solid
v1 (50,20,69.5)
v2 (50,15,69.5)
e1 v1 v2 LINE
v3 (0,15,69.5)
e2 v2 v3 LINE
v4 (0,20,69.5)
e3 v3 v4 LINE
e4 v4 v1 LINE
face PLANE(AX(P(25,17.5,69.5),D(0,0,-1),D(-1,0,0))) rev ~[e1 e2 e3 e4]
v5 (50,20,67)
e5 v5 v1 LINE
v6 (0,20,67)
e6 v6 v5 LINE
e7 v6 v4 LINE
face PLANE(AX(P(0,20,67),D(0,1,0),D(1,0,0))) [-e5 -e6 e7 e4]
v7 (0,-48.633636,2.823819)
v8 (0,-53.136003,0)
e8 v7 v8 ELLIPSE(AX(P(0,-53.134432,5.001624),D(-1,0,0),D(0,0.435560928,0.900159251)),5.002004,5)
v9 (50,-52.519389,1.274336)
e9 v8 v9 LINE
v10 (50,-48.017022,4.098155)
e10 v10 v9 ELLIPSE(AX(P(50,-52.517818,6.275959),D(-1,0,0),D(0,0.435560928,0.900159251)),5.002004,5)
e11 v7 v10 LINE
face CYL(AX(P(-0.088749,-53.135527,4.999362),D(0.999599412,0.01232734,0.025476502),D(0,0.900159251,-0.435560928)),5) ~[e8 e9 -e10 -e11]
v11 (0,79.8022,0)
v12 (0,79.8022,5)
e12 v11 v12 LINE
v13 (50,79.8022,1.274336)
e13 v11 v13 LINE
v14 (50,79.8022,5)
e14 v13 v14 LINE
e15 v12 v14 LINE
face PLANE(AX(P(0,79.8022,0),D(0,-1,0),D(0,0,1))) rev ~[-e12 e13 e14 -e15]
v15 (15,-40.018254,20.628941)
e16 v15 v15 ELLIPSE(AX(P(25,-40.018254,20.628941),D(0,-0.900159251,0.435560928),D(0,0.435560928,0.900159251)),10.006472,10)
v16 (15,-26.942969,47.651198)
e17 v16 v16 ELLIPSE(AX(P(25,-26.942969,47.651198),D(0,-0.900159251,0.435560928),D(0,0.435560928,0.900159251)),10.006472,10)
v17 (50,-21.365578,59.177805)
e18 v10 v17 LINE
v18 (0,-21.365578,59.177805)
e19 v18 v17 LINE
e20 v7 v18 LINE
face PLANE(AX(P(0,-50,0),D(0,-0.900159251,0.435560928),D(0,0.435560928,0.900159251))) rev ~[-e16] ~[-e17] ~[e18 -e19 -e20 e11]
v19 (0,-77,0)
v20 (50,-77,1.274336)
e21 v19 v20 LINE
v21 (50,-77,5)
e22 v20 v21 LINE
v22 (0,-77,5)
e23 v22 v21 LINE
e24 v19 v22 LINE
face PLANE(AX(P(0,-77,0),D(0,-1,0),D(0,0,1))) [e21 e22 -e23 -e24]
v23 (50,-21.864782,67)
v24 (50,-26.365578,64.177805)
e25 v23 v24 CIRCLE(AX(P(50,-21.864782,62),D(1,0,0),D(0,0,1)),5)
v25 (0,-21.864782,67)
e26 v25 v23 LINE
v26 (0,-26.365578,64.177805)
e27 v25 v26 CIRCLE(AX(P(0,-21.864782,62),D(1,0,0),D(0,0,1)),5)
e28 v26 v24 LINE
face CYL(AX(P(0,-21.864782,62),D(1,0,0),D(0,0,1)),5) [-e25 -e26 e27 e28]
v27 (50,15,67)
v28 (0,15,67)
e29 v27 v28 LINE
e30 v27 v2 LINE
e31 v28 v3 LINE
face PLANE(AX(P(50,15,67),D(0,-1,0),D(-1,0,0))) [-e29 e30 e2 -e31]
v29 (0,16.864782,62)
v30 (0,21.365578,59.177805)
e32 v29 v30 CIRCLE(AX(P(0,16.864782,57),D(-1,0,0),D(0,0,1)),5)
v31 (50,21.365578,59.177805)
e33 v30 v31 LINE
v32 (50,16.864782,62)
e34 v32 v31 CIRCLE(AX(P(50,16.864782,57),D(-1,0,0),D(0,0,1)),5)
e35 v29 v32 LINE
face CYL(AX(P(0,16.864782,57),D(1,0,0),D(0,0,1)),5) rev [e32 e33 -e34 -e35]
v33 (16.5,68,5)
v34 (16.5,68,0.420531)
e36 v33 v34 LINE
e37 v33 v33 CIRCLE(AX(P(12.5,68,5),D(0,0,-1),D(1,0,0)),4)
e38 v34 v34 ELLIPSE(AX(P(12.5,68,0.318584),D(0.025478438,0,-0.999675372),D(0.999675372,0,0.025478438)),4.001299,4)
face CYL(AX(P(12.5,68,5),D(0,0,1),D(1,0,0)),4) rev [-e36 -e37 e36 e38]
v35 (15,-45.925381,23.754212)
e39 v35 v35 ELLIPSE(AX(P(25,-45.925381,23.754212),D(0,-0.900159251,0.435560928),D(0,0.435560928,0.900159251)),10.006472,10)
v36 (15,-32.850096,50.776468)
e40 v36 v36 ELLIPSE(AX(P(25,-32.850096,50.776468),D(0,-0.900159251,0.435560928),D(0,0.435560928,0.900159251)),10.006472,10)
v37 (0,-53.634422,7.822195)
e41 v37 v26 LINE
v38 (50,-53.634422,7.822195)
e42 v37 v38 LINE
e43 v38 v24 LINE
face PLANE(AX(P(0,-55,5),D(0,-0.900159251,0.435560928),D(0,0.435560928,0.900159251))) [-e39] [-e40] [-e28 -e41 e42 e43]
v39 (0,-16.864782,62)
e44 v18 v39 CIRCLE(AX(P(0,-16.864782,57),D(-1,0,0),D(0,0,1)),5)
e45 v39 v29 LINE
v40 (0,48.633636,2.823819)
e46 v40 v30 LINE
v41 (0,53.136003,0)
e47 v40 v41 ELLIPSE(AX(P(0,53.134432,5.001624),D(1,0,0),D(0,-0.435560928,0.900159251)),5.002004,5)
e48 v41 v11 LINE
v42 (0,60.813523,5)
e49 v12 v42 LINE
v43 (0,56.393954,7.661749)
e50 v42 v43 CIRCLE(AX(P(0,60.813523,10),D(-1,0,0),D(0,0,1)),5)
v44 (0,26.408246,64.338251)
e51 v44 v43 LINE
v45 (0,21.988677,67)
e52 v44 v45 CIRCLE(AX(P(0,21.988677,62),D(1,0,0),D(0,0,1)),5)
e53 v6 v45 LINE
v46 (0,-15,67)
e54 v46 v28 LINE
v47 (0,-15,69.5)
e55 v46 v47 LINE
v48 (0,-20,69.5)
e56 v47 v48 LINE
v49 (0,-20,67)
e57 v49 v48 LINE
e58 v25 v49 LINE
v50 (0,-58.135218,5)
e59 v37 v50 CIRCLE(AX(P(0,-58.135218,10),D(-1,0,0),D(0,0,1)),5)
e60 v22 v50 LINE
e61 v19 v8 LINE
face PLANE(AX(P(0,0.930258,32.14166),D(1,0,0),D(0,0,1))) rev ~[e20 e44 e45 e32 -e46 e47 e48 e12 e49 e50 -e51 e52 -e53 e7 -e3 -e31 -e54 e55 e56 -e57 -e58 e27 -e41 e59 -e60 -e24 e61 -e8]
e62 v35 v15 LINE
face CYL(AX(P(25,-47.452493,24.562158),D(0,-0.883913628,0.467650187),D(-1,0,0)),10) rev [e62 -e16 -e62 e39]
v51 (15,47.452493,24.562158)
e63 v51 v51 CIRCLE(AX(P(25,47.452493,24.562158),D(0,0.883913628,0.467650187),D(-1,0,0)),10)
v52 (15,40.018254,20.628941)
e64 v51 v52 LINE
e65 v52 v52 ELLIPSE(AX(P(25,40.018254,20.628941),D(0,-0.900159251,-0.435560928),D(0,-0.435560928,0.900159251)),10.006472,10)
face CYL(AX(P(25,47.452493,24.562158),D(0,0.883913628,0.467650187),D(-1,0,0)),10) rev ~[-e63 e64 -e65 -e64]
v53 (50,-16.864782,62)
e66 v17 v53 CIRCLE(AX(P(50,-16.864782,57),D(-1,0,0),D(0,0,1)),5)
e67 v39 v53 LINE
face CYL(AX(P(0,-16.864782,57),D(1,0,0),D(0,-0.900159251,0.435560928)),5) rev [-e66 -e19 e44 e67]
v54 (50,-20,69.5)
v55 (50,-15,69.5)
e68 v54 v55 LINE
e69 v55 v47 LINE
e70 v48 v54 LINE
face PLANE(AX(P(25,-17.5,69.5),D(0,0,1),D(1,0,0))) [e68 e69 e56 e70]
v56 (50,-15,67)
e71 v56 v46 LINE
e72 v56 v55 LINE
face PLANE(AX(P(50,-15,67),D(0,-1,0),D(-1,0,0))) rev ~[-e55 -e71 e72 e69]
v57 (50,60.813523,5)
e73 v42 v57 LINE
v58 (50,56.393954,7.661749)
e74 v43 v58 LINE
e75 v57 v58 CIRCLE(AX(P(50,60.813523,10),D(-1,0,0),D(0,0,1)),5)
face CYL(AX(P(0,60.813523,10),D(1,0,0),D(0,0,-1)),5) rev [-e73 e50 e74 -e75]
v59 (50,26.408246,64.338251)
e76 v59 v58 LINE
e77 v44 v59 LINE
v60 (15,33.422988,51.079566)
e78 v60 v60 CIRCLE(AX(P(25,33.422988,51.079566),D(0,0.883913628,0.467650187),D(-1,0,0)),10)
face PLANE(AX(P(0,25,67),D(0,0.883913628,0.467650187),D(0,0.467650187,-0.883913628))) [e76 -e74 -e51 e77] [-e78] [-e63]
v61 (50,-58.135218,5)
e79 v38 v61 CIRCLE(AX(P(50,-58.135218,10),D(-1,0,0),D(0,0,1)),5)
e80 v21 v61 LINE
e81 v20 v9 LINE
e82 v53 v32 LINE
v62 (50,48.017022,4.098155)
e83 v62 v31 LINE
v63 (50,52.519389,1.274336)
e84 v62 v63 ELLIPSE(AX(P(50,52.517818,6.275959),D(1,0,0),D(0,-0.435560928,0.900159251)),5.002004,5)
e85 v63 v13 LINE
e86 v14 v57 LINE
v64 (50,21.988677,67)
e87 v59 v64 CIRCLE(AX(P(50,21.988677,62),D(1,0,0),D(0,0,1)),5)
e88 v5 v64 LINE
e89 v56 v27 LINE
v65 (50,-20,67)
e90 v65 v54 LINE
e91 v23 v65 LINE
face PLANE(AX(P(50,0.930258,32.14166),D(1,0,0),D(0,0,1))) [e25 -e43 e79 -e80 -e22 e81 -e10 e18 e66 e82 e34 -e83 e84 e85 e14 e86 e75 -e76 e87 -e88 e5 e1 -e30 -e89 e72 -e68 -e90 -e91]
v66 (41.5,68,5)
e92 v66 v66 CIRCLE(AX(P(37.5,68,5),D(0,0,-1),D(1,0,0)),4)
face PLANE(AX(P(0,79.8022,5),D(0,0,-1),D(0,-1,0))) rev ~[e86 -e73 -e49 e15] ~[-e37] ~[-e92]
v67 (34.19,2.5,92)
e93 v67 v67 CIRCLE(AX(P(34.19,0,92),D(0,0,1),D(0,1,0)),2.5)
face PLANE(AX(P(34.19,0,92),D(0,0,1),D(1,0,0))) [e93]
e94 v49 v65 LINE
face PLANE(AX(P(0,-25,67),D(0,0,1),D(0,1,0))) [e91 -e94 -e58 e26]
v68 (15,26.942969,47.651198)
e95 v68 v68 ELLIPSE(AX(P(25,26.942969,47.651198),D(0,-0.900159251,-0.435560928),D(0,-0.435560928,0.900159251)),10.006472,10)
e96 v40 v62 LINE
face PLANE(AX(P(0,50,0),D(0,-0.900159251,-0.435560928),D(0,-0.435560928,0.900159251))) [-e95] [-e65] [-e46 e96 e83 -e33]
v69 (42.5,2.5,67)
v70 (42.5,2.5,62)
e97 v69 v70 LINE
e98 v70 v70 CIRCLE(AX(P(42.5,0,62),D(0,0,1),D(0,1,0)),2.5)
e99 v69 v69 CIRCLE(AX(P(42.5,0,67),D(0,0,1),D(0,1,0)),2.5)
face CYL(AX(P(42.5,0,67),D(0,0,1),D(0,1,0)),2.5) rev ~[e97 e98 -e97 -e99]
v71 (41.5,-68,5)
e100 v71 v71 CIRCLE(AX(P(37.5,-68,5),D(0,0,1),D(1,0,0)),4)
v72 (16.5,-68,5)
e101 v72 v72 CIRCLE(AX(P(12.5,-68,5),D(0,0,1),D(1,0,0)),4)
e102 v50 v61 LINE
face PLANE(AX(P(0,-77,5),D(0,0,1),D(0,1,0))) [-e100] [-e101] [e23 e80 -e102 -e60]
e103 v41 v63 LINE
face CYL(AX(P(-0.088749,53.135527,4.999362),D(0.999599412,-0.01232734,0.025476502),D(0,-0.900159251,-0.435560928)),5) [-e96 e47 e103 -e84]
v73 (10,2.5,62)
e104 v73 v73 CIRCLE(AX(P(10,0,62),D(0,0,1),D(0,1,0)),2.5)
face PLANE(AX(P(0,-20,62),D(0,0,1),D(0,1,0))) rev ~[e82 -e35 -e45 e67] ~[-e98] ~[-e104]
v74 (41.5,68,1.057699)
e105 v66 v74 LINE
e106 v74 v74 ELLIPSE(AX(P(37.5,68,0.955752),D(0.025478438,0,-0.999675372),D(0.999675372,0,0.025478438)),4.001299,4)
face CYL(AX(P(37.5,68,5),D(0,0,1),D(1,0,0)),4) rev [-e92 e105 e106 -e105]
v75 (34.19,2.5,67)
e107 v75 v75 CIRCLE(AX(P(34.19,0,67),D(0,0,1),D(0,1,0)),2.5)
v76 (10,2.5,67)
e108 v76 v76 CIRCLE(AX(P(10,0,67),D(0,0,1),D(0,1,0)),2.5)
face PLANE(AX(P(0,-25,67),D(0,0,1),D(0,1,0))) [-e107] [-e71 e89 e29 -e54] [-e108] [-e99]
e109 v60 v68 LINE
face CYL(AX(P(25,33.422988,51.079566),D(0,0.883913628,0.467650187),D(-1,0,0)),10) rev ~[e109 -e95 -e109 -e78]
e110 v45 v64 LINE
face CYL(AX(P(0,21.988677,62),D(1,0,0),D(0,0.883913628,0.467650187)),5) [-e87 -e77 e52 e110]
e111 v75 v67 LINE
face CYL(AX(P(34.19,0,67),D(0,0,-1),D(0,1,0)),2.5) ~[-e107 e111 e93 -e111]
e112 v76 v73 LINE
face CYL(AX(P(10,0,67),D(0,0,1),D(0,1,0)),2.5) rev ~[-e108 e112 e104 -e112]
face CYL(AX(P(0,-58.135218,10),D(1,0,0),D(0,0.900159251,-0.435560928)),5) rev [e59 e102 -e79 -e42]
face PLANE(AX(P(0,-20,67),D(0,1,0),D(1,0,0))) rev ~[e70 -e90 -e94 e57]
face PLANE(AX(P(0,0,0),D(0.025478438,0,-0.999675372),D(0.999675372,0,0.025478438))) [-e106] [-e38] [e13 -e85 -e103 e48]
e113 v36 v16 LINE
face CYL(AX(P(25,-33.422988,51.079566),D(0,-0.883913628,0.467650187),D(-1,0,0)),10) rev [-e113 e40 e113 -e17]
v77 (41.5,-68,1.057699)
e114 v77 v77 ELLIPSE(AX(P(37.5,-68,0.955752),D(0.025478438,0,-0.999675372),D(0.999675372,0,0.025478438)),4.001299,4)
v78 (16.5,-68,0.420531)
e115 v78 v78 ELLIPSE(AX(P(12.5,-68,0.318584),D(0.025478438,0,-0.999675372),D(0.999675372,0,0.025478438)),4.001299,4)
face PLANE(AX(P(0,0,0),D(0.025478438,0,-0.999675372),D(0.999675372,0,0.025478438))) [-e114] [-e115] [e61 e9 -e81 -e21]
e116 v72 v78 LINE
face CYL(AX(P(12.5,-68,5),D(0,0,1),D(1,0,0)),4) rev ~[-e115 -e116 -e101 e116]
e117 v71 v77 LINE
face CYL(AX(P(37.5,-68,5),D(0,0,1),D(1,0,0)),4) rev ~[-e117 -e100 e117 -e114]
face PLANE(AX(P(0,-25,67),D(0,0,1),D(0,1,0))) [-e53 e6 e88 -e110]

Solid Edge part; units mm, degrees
sketch "Sketch1" plane through (0, 0, 0) normal (1, 0, 0) x (0, 1, 0)
  line L0 (-50, 0) -> (-20, 62)
  line L1 (-20, 62) -> (20, 62)
  line L2 (50, 0) -> (20, 62)
  line L3 (50, 0) -> (79.8022, 0)
  line L4 (79.8022, 0) -> (79.8022, 5)
  line L5 (79.8022, 5) -> (57.8022, 5)
  line L6 (25, 67) -> (57.8022, 5)
  line L7 (-25, 67) -> (25, 67)
  line L8 (-55, 5) -> (-25, 67)
  line L9 (-77, 5) -> (-55, 5)
  line L10 (-77, 0) -> (-77, 5)
  line L11 (-77, 0) -> (-50, 0)
  dimension "D1" = 100
  dimension "D2" = 40
  dimension "D3" = 62
  dimension "D4" = 5
  dimension "D5" = 22
  dimension "D6" = 5
  dimension "D7" = 5
  dimension "D8" = 5
  dimension "D9" = 5
  dimension "D10" = 27
extrude "Protrusion1" add sketch "Sketch1" along normal blind 50
sketch "Sketch2" plane through (25, 0, 67) normal (0, 0, 1) x (1, 0, 0)
  line L0 (-25, 20) -> (25, 20)
  line L1 (25, 20) -> (25, 15)
  line L2 (25, 15) -> (-25, 15)
  line L3 (-25, 15) -> (-25, 20)
  line L4 (-25, -20) -> (25, -20)
  line L5 (25, -20) -> (25, -15)
  line L6 (25, -15) -> (-25, -15)
  line L7 (-25, -15) -> (-25, -20)
  dimension "D1" = 15
  dimension "D2" = 5
extrude "ExtrudedProtrusion_2" add sketch "Sketch2" along normal blind 2.5
sketch "Sketch3" plane through (25, -66, 5) normal (0, 0, 1) x (1, 0, 0)
  circle A0 centre (-12.5, -2) radius 4
  circle A1 centre (12.5, -2) radius 4
  dimension "D1" = 8
  dimension "D2" = 8
  dimension "D3" = 25
  dimension "D4" = 12.5
  dimension "D5" = 9
extrude "Cutout1" cut sketch "Sketch3" against normal up to next
mirror "Mirror1" about plane through (0, 0, 0) normal (0, -1, 0) of "Cutout1"
sketch "Sketch4" plane through (25, 0, 67) normal (0, 0, 1) x (0, 1, 0)
  circle A0 centre (0, -17.5) radius 2.5
  circle A1 centre (0, 15) radius 2.5
  dimension "D1" = 5
  dimension "D2" = 5
  dimension "D3" = 30
  dimension "D4" = 10
extrude "Cutout2" cut sketch "Sketch4" against normal up to next
sketch "Sketch5" plane through (0, 0, 0) normal (0, 1, 0) x (-1, 0, 0)
  line L0 (0, 0) -> (-66.0658, 1.6838)
  line L1 (-66.0658, 1.6838) -> (-66.0658, 0)
  line L2 (-66.0658, 0) -> (0, 0)
extrude "ExtrudedCutout_3" cut sketch "Sketch5" along normal mid plane 208
fillet "Round_1" radius 5 8 edges at (25, 25, 67) (25, 49.6917, 0.6372) (25, 57.8022, 5) (25, -25, 67) (25, -20, 62) (25, -49.6917, 0.6372) (25, -55, 5) (25, 20, 62)
sketch "Sketch6" plane through (25, 41.4011, 36) normal (0, 0.8839, 0.4677) x (-1, 0, 0)
  circle A0 centre (0, 17.06) radius 10
  circle A1 centre (0, -12.94) radius 10
  dimension "D1" = 20
  dimension "D2" = 20
  dimension "D3" = 30
  dimension "D4" = 15
extrude "Cutout3" cut sketch "Sketch6" against normal up to next
mirror "Mirror2" about plane through (0, 0, 0) normal (0, -1, 0) of "Cutout3"
sketch "Sketch7" plane through (25, 0, 67) normal (0, 0, 1) x (0, 1, 0)
  circle A0 centre (0, -9.19) radius 2.5
  dimension "D1" = 8.31
  dimension "D2" = 5
extrude "Protrusion2" add sketch "Sketch7" along normal blind 25
properties material "Stainless steel"
